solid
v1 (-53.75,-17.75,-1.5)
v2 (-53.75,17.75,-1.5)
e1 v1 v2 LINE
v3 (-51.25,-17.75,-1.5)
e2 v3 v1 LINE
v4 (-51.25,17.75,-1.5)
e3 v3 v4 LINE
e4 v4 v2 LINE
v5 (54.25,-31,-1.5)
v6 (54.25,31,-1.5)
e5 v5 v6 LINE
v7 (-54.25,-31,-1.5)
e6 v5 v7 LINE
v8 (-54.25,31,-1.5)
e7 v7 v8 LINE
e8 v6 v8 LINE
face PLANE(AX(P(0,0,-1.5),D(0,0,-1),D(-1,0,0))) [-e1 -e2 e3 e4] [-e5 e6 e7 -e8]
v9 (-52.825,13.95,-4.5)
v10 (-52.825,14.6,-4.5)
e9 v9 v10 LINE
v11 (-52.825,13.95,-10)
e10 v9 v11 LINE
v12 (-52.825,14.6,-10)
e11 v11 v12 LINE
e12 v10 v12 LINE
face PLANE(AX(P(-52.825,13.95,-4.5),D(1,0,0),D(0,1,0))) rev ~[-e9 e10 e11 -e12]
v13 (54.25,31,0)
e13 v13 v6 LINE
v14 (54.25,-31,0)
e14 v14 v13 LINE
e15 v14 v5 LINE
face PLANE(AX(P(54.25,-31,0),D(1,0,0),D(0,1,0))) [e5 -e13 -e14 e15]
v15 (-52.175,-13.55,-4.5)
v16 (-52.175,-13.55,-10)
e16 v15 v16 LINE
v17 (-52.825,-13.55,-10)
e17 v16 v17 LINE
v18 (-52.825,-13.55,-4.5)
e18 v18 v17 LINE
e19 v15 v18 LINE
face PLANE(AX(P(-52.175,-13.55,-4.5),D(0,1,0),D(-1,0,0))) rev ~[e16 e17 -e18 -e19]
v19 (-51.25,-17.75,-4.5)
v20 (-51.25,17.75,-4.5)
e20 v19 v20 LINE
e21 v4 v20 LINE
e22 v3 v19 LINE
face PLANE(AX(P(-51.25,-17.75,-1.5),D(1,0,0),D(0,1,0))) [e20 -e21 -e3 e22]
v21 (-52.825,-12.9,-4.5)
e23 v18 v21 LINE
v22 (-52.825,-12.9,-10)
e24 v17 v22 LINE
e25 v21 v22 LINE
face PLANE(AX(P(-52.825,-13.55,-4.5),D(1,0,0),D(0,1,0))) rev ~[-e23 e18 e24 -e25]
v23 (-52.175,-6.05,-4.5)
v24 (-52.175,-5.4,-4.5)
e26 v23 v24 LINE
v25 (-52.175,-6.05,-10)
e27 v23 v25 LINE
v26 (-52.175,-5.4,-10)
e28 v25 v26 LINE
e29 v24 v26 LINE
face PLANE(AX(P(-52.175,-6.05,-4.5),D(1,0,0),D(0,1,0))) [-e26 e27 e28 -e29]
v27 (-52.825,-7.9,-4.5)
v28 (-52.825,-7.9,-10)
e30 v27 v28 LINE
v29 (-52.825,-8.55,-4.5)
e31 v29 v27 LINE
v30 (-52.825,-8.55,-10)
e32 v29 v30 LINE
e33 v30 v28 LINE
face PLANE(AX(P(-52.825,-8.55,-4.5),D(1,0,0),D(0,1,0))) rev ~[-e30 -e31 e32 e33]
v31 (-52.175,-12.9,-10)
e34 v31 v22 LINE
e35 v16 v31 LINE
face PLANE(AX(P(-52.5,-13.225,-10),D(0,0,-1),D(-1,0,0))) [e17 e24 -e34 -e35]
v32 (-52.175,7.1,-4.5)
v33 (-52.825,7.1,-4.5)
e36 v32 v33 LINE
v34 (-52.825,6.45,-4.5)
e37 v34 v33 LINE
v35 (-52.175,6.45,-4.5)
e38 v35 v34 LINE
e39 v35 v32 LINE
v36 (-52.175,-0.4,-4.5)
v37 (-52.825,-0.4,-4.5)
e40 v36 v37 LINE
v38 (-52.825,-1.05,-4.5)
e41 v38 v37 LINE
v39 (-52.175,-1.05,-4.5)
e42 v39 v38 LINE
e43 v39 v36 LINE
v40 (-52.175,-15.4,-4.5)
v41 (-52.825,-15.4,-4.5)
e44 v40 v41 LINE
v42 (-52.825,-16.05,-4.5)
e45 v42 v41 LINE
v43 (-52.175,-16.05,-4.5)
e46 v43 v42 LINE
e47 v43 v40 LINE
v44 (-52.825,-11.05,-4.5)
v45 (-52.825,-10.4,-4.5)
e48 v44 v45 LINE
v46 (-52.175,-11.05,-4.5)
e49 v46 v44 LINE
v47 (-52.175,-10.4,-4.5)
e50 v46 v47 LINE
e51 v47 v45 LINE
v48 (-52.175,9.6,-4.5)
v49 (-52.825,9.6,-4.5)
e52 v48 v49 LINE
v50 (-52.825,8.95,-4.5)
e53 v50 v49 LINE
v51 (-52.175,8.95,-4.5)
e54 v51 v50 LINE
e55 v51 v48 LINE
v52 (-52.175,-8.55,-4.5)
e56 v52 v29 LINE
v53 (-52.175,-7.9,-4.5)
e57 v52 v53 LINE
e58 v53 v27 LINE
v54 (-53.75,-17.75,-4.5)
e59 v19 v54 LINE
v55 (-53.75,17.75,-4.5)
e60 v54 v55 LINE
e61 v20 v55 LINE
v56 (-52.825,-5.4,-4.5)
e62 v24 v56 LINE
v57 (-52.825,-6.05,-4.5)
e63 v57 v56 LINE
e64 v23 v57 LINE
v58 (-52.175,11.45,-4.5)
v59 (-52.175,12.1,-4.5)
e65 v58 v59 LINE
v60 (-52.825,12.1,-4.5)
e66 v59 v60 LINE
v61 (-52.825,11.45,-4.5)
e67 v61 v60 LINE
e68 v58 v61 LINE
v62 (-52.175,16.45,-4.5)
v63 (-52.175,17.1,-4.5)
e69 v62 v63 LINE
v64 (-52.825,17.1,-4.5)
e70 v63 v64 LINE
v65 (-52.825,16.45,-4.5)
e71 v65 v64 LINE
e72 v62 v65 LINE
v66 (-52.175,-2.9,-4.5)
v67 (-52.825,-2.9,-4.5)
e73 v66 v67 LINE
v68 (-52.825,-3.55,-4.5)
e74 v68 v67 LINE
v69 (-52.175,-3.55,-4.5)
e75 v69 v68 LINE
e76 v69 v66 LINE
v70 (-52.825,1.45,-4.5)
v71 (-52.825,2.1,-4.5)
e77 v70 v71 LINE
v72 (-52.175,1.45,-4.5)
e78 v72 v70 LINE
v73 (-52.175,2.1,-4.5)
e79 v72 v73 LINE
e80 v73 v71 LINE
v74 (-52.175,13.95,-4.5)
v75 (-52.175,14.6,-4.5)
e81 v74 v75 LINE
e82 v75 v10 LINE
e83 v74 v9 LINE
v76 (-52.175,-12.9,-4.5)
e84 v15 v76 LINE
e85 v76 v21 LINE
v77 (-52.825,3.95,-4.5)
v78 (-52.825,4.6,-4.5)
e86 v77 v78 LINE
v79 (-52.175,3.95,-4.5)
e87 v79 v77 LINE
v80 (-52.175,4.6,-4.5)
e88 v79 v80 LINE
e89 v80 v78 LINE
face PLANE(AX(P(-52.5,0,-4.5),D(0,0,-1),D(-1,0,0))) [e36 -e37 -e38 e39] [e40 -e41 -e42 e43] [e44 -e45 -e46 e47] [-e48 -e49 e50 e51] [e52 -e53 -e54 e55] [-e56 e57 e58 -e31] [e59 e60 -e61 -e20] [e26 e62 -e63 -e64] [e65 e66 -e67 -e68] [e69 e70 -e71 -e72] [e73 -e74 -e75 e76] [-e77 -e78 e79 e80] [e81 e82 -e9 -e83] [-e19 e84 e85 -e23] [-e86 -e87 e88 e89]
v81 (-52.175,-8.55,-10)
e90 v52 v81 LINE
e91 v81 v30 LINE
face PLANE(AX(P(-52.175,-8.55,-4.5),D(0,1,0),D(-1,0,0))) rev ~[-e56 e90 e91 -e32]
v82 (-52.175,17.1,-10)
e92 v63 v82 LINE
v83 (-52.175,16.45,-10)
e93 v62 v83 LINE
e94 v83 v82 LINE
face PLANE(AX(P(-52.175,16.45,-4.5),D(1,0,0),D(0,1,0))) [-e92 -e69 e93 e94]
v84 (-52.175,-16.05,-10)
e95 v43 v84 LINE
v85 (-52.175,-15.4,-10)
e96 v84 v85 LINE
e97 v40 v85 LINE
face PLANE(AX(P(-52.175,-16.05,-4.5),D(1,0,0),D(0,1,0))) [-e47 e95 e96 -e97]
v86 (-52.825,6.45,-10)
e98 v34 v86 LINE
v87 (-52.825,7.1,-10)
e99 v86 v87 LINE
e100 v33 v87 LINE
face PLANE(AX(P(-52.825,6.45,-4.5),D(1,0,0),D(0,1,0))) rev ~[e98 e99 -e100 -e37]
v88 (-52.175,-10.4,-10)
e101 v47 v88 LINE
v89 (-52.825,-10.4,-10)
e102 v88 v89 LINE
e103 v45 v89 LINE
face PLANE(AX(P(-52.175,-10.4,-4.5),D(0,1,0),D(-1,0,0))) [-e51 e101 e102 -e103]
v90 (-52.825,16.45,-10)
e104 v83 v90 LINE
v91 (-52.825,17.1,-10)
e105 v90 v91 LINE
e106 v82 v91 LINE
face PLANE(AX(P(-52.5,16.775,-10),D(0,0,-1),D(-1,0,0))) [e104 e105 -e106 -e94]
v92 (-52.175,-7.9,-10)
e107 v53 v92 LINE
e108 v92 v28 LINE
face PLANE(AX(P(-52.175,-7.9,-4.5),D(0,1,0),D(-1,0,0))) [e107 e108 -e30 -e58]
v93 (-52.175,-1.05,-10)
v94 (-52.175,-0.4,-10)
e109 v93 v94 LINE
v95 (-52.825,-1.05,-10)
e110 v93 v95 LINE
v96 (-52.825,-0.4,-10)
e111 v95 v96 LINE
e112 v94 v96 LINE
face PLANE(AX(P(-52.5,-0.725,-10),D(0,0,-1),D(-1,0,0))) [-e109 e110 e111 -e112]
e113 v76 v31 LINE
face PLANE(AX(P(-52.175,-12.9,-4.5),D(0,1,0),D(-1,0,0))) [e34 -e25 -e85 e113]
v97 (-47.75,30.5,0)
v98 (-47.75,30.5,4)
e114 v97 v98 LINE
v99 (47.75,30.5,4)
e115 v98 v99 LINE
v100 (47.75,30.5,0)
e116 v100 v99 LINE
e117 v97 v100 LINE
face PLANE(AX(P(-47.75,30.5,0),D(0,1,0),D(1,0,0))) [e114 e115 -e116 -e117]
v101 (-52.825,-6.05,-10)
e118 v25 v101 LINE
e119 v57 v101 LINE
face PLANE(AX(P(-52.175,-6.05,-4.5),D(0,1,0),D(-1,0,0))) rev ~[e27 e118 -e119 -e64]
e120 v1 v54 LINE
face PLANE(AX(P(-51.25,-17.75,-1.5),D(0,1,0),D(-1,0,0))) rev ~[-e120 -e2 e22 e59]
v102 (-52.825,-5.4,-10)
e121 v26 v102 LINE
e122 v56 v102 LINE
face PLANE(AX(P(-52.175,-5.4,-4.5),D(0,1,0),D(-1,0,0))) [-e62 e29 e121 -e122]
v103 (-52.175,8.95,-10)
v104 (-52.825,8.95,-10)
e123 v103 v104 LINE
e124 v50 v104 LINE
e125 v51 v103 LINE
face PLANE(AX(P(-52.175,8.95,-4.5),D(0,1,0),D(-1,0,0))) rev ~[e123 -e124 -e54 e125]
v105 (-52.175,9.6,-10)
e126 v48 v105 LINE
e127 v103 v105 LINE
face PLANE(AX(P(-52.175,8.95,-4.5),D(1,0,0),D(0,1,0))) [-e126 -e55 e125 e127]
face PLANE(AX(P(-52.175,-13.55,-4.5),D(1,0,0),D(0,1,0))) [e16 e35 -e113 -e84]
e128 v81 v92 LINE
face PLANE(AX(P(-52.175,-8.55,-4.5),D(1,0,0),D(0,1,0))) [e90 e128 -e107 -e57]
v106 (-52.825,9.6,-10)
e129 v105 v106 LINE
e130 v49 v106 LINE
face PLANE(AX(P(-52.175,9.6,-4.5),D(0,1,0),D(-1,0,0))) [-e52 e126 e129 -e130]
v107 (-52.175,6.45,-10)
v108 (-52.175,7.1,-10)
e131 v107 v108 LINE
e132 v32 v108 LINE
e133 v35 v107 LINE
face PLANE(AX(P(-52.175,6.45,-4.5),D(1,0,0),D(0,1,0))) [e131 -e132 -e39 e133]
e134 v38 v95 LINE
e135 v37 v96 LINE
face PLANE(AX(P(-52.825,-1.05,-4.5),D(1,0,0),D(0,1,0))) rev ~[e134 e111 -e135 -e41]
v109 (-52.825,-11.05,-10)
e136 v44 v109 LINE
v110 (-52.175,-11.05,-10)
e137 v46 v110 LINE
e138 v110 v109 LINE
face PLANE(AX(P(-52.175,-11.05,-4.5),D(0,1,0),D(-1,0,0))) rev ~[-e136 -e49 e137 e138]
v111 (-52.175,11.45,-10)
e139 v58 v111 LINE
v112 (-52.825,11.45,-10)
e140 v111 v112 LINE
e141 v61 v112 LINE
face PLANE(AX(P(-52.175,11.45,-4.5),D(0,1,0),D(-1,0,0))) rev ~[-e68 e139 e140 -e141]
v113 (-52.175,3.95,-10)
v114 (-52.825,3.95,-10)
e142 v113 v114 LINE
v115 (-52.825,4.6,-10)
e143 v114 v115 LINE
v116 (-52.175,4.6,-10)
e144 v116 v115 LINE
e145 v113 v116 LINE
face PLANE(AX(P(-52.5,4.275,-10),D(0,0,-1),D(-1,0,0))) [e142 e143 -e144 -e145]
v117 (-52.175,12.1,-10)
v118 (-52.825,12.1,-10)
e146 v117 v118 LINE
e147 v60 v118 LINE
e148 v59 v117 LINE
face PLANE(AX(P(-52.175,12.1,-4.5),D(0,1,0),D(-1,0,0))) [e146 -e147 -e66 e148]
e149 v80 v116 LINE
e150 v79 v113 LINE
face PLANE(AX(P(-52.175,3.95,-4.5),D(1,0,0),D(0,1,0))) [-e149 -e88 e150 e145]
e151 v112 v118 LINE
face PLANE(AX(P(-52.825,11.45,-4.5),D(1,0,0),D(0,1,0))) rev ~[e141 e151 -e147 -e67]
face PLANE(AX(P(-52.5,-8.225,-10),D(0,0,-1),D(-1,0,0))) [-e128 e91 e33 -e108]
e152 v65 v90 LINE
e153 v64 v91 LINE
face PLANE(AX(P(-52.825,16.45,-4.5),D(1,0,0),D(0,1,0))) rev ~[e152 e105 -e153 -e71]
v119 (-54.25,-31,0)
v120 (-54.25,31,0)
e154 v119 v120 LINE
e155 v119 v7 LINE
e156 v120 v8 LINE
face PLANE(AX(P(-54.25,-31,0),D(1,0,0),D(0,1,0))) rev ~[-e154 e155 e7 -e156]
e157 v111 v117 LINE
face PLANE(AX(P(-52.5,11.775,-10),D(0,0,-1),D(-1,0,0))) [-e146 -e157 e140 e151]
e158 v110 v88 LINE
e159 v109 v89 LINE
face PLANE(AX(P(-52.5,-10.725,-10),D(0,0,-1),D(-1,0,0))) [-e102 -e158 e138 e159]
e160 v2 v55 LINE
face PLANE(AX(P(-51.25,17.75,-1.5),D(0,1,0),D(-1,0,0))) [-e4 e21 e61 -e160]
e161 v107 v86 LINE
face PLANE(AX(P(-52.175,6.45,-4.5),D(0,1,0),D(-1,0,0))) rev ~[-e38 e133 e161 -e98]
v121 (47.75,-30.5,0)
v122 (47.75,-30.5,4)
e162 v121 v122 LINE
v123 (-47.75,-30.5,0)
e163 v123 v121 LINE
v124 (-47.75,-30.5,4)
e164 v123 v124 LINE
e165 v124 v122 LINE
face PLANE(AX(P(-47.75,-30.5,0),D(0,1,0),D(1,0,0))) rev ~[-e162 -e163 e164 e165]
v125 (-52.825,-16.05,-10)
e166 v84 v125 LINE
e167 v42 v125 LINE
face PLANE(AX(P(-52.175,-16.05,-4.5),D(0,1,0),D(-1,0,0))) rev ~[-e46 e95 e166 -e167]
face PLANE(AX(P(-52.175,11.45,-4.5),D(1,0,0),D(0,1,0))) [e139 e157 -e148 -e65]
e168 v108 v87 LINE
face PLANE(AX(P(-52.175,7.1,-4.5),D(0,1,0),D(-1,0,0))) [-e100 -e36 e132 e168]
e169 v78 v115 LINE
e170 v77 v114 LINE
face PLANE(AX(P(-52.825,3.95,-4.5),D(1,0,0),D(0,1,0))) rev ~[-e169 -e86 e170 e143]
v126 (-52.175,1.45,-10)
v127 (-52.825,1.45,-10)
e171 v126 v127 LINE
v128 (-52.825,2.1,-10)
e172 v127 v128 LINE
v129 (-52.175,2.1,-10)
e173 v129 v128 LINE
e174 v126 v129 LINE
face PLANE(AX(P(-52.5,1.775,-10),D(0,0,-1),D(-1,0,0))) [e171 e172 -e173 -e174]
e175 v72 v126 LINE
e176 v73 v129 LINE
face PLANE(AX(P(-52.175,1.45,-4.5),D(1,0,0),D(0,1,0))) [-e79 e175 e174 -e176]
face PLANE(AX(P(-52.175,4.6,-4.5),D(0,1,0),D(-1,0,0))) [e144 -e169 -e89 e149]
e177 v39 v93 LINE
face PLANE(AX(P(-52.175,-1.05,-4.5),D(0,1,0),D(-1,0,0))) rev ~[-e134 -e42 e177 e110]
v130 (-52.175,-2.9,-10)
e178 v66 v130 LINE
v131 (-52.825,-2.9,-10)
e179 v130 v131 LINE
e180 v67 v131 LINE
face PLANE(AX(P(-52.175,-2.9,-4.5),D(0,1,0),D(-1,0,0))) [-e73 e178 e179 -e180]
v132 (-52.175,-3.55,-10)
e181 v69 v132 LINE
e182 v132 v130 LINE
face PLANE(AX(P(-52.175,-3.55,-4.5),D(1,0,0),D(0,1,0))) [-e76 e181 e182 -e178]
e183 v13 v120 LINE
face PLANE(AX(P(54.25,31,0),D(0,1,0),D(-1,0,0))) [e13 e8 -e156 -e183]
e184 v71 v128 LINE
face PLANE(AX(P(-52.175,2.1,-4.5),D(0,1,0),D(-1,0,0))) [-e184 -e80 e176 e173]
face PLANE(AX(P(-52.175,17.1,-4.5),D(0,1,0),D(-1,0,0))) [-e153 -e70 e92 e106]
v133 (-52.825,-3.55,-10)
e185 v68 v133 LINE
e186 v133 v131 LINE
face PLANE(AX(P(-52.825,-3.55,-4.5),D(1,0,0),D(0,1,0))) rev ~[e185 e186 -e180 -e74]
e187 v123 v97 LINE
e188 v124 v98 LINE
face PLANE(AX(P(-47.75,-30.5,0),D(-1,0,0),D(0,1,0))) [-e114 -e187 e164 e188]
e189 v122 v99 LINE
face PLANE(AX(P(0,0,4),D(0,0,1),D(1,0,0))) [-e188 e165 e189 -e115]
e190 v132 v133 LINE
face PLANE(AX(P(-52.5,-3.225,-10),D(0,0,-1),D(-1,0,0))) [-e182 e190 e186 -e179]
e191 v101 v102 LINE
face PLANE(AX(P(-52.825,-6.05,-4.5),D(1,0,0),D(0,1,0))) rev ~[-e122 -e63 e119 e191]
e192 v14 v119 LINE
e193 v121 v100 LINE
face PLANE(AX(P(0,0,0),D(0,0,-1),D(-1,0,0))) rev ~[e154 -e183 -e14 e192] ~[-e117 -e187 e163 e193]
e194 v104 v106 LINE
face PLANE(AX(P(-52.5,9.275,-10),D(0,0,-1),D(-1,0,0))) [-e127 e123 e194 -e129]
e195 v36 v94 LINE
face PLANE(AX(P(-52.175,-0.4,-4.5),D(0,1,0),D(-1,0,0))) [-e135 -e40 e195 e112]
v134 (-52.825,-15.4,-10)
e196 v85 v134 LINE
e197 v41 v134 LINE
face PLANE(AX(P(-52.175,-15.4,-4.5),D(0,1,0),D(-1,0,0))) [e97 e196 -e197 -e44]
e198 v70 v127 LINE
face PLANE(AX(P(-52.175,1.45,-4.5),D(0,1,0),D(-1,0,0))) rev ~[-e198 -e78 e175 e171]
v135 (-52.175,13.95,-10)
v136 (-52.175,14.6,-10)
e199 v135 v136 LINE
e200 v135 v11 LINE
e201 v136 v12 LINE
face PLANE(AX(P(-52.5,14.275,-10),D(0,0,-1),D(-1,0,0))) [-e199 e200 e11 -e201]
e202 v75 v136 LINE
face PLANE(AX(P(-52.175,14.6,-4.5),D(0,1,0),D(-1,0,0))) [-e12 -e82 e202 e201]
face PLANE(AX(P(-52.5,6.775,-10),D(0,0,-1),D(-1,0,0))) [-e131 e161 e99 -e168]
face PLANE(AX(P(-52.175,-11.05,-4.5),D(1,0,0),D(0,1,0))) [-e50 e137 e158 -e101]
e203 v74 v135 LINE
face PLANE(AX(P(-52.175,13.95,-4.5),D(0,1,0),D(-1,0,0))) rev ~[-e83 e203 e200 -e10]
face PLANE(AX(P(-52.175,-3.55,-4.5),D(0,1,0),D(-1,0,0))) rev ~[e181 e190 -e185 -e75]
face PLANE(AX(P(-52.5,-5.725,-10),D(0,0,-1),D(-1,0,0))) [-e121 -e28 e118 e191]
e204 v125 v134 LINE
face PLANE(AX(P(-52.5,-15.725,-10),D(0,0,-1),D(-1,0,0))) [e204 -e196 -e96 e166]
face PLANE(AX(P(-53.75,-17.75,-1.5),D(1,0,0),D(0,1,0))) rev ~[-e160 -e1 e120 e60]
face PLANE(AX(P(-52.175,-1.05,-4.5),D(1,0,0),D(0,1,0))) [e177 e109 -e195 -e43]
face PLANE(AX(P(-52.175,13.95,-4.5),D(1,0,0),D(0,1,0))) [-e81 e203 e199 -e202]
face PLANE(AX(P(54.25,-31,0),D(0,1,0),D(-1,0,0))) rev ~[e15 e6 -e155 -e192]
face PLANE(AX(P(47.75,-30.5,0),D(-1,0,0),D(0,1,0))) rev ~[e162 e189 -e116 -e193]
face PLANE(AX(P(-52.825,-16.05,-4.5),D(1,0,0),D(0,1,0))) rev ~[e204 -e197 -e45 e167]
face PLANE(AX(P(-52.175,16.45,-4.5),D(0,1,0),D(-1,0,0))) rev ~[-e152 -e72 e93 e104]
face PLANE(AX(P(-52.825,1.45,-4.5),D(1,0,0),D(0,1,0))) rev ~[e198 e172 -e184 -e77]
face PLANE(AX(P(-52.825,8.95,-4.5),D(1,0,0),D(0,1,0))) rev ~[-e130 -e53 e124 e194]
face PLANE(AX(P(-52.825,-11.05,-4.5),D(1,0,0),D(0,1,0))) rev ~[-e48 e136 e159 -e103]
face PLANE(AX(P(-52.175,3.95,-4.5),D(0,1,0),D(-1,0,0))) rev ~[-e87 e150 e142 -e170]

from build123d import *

# Parameters (mm, degrees)
ESQUISSE1_W        = 95.5
ESQUISSE1_H        = 61
BOSS_EXTRU_1_DEPTH = 4
ESQUISSE2_W        = 108.5
ESQUISSE2_H        = 62
BOSS_EXTRU_2_DEPTH = 1.5
ESQUISSE3_W        = 2.5
ESQUISSE3_H        = 35.5
BOSS_EXTRU_3_DEPTH = 3
ESQUISSE4_W        = 0.65
ESQUISSE4_H        = 0.65
BOSS_EXTRU_4_DEPTH = 5.5


with BuildPart() as part:
    # Esquisse1 → Boss.-Extru.1 (new body)
    with BuildSketch(Plane.XY):
        Rectangle(ESQUISSE1_W, ESQUISSE1_H)
    extrude(amount=BOSS_EXTRU_1_DEPTH)

    # Esquisse2 → Boss.-Extru.2 (add)
    with BuildSketch(Plane(origin=(0, 0, 0), x_dir=(-1, 0, 0), z_dir=(0, 0, -1))):
        Rectangle(ESQUISSE2_W, ESQUISSE2_H)
    extrude(amount=BOSS_EXTRU_2_DEPTH)

    # Esquisse3 → Boss.-Extru.3 (add)
    with BuildSketch(Plane(origin=(0, 0, -1.5), x_dir=(-1, 0, 0), z_dir=(0, 0, -1))):
        with Locations((52.5, 0)):
            Rectangle(ESQUISSE3_W, ESQUISSE3_H)
    extrude(amount=BOSS_EXTRU_3_DEPTH)

    # Esquisse4 → Boss.-Extru.4 (add)
    with BuildSketch(Plane(origin=(0, 0, -4.5), x_dir=(-1, 0, 0), z_dir=(0, 0, -1))):
        with Locations((52.5, 16.775)):
            Rectangle(ESQUISSE4_W, ESQUISSE4_H)
        with Locations((52.5, 14.275)):
            Rectangle(ESQUISSE4_W, ESQUISSE4_H)
        with Locations((52.5, 11.775)):
            Rectangle(ESQUISSE4_W, ESQUISSE4_H)
        with Locations((52.5, 9.275)):
            Rectangle(ESQUISSE4_W, ESQUISSE4_H)
        with Locations((52.5, 6.775)):
            Rectangle(ESQUISSE4_W, ESQUISSE4_H)
        with Locations((52.5, 4.275)):
            Rectangle(ESQUISSE4_W, ESQUISSE4_H)
        with Locations((52.5, 1.775)):
            Rectangle(ESQUISSE4_W, ESQUISSE4_H)
        with Locations((52.5, -0.725)):
            Rectangle(ESQUISSE4_W, ESQUISSE4_H)
        with Locations((52.5, -3.225)):
            Rectangle(ESQUISSE4_W, ESQUISSE4_H)
        with Locations((52.5, -5.725)):
            Rectangle(ESQUISSE4_W, ESQUISSE4_H)
        with Locations((52.5, -8.225)):
            Rectangle(ESQUISSE4_W, ESQUISSE4_H)
        with Locations((52.5, -10.725)):
            Rectangle(ESQUISSE4_W, ESQUISSE4_H)
        with Locations((52.5, -13.225)):
            Rectangle(ESQUISSE4_W, ESQUISSE4_H)
        with Locations((52.5, -15.725)):
            Rectangle(ESQUISSE4_W, ESQUISSE4_H)
    extrude(amount=BOSS_EXTRU_4_DEPTH)


solid = part.part
